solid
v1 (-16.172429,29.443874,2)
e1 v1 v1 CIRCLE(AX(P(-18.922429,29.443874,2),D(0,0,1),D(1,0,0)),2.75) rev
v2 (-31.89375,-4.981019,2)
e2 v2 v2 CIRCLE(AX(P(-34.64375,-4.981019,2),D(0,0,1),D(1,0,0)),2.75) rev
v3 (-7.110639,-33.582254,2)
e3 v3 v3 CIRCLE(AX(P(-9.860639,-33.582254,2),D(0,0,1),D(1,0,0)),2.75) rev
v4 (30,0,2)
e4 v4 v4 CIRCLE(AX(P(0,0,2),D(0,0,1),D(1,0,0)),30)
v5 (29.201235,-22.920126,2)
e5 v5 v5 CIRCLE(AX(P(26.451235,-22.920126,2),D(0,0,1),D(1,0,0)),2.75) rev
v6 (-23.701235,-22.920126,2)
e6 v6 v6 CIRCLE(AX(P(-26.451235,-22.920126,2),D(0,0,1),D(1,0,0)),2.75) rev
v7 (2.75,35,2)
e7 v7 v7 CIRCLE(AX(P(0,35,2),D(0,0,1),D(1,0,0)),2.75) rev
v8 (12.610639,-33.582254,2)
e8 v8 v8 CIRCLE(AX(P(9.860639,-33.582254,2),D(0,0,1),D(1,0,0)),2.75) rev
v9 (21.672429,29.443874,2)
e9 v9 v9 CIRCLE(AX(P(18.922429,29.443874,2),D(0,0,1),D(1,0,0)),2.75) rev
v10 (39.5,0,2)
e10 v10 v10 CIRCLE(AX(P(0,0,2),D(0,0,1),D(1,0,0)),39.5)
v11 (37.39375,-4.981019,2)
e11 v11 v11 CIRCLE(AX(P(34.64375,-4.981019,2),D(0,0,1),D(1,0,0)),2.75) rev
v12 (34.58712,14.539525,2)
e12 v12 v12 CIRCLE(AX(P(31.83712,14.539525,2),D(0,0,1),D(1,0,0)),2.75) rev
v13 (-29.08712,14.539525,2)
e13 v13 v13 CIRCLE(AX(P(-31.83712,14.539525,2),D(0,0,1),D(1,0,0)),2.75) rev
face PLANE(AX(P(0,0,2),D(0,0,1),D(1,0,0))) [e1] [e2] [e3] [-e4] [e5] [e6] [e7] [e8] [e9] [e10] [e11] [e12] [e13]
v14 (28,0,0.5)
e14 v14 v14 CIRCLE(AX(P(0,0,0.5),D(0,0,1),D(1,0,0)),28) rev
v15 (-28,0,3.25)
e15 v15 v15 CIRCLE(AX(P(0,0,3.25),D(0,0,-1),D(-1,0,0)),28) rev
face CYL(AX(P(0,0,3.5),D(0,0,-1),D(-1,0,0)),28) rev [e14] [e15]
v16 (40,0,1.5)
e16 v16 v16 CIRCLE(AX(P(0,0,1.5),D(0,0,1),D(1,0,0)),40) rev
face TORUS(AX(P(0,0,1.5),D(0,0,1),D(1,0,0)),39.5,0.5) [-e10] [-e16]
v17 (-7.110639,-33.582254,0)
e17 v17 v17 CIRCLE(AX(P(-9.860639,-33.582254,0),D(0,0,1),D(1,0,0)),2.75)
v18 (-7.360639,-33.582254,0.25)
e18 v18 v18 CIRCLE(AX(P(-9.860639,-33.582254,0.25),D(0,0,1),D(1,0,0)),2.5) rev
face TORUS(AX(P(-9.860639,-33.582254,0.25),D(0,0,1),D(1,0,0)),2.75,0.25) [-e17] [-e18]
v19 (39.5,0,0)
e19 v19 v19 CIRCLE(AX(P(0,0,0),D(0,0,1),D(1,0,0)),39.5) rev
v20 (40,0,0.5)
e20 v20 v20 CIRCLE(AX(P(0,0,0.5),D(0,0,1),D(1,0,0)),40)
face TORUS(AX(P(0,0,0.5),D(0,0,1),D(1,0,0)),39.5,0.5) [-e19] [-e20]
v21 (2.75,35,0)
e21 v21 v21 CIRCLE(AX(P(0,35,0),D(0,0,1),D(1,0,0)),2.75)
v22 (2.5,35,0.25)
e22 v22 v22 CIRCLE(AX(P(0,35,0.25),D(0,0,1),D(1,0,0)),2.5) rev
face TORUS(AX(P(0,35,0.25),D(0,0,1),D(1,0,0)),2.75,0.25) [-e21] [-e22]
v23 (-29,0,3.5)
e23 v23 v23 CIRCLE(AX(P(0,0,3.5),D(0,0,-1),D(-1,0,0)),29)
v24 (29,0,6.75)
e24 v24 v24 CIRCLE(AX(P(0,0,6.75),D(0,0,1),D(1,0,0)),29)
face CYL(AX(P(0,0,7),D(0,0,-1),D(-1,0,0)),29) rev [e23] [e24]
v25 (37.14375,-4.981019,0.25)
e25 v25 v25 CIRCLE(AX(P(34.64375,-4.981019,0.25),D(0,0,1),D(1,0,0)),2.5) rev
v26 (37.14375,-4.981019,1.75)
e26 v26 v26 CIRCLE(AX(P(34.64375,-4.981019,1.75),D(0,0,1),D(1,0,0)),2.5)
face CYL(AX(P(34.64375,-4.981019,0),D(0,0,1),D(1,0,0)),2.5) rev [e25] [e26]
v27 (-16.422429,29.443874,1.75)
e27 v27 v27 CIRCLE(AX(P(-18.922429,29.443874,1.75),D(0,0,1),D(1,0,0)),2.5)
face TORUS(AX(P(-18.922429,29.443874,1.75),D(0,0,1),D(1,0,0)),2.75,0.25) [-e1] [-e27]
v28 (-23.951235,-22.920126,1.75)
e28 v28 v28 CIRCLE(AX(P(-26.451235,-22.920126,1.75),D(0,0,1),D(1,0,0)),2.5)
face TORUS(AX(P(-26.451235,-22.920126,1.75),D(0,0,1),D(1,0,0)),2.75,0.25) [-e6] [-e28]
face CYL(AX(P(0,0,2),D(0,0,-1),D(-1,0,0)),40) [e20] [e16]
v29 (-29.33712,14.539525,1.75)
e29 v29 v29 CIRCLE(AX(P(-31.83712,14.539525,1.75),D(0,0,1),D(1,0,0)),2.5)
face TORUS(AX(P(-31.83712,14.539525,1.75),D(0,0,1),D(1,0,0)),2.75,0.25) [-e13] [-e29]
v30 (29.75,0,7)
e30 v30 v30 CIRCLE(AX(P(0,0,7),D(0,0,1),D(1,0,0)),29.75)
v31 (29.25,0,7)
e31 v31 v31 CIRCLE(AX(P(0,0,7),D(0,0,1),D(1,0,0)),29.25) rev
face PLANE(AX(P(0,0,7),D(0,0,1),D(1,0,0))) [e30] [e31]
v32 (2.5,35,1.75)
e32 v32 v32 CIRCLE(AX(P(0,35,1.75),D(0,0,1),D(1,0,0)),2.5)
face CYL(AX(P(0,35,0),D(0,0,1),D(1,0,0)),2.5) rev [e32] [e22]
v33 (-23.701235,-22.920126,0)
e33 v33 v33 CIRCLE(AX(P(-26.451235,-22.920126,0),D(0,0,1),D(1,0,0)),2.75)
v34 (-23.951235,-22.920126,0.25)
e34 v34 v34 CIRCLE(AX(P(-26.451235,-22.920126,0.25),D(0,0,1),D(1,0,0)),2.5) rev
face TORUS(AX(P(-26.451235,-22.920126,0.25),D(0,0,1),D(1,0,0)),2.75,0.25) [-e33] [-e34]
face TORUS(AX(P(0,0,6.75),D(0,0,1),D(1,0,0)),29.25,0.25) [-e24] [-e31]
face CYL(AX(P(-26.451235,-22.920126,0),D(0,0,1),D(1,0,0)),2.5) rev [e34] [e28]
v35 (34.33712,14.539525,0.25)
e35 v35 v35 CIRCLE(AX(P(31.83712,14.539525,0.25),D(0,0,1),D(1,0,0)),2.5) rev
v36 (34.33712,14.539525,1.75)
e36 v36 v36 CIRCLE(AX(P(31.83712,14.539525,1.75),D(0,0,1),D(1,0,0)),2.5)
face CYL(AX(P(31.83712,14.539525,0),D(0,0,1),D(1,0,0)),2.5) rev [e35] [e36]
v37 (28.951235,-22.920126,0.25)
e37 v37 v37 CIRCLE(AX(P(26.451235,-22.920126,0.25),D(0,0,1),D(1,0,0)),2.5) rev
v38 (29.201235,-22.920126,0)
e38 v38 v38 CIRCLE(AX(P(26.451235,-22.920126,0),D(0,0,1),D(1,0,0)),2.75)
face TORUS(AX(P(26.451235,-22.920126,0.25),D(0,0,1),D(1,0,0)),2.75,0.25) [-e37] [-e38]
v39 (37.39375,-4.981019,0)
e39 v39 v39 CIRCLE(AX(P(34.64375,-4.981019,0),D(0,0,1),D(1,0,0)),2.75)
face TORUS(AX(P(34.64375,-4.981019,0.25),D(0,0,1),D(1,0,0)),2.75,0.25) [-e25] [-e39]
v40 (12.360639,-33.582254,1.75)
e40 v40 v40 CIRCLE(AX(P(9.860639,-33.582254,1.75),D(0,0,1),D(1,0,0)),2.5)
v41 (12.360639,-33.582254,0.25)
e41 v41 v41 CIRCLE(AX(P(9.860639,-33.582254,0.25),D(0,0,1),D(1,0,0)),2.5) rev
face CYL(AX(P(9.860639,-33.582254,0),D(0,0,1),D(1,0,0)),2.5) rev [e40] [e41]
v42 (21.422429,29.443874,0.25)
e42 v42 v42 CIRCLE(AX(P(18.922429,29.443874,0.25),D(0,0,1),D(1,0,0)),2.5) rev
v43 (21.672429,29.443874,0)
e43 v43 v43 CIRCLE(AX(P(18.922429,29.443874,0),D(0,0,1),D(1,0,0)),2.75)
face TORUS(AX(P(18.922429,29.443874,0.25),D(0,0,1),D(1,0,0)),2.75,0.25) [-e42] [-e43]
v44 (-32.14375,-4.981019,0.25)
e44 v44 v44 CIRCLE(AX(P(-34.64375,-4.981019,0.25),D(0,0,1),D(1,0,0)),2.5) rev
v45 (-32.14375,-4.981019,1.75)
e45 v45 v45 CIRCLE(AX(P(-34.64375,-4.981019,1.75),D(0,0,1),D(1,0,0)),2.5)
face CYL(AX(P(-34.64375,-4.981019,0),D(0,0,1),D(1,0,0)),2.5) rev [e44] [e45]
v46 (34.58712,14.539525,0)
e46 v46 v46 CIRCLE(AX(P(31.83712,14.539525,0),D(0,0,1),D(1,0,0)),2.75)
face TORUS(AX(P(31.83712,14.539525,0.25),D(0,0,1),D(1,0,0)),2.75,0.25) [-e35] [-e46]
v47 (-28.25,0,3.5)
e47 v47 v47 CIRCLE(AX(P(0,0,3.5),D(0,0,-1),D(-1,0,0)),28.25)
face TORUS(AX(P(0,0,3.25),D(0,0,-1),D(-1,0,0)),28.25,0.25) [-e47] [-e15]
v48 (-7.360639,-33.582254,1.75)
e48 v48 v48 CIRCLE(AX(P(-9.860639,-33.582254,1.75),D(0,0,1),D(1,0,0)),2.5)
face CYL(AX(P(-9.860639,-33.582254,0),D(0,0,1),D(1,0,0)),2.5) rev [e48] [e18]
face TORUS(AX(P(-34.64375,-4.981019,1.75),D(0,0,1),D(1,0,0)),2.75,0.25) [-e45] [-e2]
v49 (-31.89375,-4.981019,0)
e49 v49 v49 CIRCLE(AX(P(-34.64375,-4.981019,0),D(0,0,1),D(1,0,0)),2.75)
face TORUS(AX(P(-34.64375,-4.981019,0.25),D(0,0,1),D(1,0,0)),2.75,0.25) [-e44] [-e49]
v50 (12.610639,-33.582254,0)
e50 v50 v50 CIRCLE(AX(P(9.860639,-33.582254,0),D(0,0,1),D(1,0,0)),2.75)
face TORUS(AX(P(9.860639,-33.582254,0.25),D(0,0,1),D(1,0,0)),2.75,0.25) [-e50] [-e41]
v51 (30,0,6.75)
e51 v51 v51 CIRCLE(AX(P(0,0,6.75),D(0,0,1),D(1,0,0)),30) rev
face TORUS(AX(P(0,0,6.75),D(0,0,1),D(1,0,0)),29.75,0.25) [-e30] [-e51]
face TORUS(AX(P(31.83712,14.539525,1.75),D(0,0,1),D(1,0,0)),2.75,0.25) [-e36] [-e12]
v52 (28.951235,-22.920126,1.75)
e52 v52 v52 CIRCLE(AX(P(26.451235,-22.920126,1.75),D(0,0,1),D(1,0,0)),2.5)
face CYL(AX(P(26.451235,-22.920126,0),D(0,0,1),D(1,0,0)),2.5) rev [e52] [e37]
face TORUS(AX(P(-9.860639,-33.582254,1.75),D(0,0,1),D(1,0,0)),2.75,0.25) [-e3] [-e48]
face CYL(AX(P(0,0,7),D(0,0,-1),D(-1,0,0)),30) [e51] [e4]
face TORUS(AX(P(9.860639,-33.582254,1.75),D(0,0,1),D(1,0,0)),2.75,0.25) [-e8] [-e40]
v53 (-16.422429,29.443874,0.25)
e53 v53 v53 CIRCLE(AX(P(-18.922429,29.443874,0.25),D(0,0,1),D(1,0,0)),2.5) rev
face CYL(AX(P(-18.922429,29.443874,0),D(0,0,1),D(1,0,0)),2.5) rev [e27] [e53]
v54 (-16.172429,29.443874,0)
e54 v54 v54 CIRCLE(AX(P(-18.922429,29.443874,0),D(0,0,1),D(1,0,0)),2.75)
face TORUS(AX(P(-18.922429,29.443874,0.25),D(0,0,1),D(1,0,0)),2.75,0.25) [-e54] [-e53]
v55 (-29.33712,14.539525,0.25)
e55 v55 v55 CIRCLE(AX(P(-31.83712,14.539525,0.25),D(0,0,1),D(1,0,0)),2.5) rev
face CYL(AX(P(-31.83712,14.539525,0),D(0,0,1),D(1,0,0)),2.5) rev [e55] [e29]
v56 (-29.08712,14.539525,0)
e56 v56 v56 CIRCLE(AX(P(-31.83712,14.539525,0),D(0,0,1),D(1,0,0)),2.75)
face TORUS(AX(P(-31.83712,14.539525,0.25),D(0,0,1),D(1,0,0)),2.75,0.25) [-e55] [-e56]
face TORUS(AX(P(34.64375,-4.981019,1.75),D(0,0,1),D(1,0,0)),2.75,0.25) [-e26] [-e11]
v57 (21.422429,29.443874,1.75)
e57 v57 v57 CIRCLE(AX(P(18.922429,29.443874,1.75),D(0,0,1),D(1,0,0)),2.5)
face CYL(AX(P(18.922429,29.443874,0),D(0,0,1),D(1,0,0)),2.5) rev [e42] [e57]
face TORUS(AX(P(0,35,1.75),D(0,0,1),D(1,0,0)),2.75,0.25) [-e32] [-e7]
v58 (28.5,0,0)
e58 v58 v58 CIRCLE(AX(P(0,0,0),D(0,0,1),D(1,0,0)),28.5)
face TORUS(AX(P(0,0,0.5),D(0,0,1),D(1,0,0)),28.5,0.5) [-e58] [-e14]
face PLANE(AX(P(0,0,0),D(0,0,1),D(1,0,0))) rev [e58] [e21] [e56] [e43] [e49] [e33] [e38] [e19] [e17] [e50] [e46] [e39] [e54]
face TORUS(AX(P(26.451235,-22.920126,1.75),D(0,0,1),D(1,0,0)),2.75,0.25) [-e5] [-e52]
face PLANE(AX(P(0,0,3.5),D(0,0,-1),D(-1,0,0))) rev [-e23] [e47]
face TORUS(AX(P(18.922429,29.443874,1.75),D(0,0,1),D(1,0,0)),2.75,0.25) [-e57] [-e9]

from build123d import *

# Parameters (mm, degrees)
SKETCH1_R           = 40
BOSS_EXTRUDE1_DEPTH = 2
SKETCH2_R           = 30
SKETCH2_R_2         = 29
BOSS_EXTRUDE2_DEPTH = 5
SKETCH3_R           = 29
CUT_EXTRUDE1_DEPTH  = 3
SKETCH4_R           = 2.5
CUT_EXTRUDE2_DEPTH  = 3
SKETCH5_R           = 29
SKETCH5_R_2         = 28
BOSS_EXTRUDE3_DEPTH = 3.5
FILLET1_R           = 0.25
FILLET2_R           = 0.5
FILLET3_R           = 0.25


with BuildPart() as part:
    # Sketch1 → Boss-Extrude1 (new body)
    with BuildSketch(Plane.XY):
        Circle(SKETCH1_R)
    extrude(amount=BOSS_EXTRUDE1_DEPTH)

    # Sketch2 → Boss-Extrude2 (add)
    with BuildSketch(Plane.XY.offset(2)):
        Circle(SKETCH2_R)
        Circle(SKETCH2_R_2, mode=Mode.SUBTRACT)
    extrude(amount=BOSS_EXTRUDE2_DEPTH)

    # Sketch3 → Cut-Extrude1 (cut, through all)
    with BuildSketch(Plane.XY.offset(2)):
        Circle(SKETCH3_R)
    extrude(amount=-CUT_EXTRUDE1_DEPTH, mode=Mode.SUBTRACT)

    # Sketch4 → Cut-Extrude2 (cut, through all)
    with BuildSketch(Plane.XY.offset(2)):
        with Locations((0, 35)):
            Circle(SKETCH4_R)
        with Locations((18.922428611, 29.443873649)):
            Circle(SKETCH4_R)
        with Locations((31.837119837, 14.539525455)):
            Circle(SKETCH4_R)
        with Locations((34.643750466, -4.98101934)):
            Circle(SKETCH4_R)
        with Locations((26.451235102, -22.920125688)):
            Circle(SKETCH4_R)
        with Locations((9.860639489, -33.582254077)):
            Circle(SKETCH4_R)
        with Locations((-9.860639489, -33.582254077)):
            Circle(SKETCH4_R)
        with Locations((-26.451235102, -22.920125688)):
            Circle(SKETCH4_R)
        with Locations((-34.643750466, -4.98101934)):
            Circle(SKETCH4_R)
        with Locations((-31.837119837, 14.539525455)):
            Circle(SKETCH4_R)
        with Locations((-18.922428611, 29.443873649)):
            Circle(SKETCH4_R)
    extrude(amount=-CUT_EXTRUDE2_DEPTH, mode=Mode.SUBTRACT)

    # Sketch5 → Boss-Extrude3 (add)
    with BuildSketch(Plane(origin=(0, 0, 0), x_dir=(-1, 0, 0), z_dir=(0, 0, -1))):
        Circle(SKETCH5_R)
        Circle(SKETCH5_R_2, mode=Mode.SUBTRACT)
    extrude(amount=-BOSS_EXTRUDE3_DEPTH)

    # Fillet1
    fillet1_edges = [part.edges().sort_by_distance(p)[0] for p in [
        (28, 0, 3.5),
        (-30, 0, 7),
        (-29, 0, 7),
    ]]
    fillet(fillet1_edges, radius=FILLET1_R)

    # Fillet2
    fillet2_edges = [part.edges().sort_by_distance(p)[0] for p in [
        (-40, 0, 0),
        (-40, 0, 2),
        (28, 0, 0),
    ]]
    fillet(fillet2_edges, radius=FILLET2_R)

    # Fillet3
    fillet3_edges = [part.edges().sort_by_distance(p)[0] for p in [
        (-2.5, 35, 0),
        (-2.5, 35, 2),
        (-21.422428611, 29.443873649, 0),
        (-21.422428611, 29.443873649, 2),
        (-34.337119837, 14.539525455, 0),
        (-34.337119837, 14.539525455, 2),
        (-37.143750466, -4.98101934, 0),
        (-37.143750466, -4.98101934, 2),
        (-28.951235102, -22.920125688, 0),
        (-28.951235102, -22.920125688, 2),
        (-12.360639489, -33.582254077, 0),
        (-12.360639489, -33.582254077, 2),
        (7.360639489, -33.582254077, 0),
        (7.360639489, -33.582254077, 2),
        (23.951235102, -22.920125688, 0),
        (23.951235102, -22.920125688, 2),
        (32.143750466, -4.98101934, 0),
        (32.143750466, -4.98101934, 2),
        (29.337119837, 14.539525455, 0),
        (29.337119837, 14.539525455, 2),
        (16.422428611, 29.443873649, 0),
        (16.422428611, 29.443873649, 2),
    ]]
    fillet(fillet3_edges, radius=FILLET3_R)


solid = part.part
